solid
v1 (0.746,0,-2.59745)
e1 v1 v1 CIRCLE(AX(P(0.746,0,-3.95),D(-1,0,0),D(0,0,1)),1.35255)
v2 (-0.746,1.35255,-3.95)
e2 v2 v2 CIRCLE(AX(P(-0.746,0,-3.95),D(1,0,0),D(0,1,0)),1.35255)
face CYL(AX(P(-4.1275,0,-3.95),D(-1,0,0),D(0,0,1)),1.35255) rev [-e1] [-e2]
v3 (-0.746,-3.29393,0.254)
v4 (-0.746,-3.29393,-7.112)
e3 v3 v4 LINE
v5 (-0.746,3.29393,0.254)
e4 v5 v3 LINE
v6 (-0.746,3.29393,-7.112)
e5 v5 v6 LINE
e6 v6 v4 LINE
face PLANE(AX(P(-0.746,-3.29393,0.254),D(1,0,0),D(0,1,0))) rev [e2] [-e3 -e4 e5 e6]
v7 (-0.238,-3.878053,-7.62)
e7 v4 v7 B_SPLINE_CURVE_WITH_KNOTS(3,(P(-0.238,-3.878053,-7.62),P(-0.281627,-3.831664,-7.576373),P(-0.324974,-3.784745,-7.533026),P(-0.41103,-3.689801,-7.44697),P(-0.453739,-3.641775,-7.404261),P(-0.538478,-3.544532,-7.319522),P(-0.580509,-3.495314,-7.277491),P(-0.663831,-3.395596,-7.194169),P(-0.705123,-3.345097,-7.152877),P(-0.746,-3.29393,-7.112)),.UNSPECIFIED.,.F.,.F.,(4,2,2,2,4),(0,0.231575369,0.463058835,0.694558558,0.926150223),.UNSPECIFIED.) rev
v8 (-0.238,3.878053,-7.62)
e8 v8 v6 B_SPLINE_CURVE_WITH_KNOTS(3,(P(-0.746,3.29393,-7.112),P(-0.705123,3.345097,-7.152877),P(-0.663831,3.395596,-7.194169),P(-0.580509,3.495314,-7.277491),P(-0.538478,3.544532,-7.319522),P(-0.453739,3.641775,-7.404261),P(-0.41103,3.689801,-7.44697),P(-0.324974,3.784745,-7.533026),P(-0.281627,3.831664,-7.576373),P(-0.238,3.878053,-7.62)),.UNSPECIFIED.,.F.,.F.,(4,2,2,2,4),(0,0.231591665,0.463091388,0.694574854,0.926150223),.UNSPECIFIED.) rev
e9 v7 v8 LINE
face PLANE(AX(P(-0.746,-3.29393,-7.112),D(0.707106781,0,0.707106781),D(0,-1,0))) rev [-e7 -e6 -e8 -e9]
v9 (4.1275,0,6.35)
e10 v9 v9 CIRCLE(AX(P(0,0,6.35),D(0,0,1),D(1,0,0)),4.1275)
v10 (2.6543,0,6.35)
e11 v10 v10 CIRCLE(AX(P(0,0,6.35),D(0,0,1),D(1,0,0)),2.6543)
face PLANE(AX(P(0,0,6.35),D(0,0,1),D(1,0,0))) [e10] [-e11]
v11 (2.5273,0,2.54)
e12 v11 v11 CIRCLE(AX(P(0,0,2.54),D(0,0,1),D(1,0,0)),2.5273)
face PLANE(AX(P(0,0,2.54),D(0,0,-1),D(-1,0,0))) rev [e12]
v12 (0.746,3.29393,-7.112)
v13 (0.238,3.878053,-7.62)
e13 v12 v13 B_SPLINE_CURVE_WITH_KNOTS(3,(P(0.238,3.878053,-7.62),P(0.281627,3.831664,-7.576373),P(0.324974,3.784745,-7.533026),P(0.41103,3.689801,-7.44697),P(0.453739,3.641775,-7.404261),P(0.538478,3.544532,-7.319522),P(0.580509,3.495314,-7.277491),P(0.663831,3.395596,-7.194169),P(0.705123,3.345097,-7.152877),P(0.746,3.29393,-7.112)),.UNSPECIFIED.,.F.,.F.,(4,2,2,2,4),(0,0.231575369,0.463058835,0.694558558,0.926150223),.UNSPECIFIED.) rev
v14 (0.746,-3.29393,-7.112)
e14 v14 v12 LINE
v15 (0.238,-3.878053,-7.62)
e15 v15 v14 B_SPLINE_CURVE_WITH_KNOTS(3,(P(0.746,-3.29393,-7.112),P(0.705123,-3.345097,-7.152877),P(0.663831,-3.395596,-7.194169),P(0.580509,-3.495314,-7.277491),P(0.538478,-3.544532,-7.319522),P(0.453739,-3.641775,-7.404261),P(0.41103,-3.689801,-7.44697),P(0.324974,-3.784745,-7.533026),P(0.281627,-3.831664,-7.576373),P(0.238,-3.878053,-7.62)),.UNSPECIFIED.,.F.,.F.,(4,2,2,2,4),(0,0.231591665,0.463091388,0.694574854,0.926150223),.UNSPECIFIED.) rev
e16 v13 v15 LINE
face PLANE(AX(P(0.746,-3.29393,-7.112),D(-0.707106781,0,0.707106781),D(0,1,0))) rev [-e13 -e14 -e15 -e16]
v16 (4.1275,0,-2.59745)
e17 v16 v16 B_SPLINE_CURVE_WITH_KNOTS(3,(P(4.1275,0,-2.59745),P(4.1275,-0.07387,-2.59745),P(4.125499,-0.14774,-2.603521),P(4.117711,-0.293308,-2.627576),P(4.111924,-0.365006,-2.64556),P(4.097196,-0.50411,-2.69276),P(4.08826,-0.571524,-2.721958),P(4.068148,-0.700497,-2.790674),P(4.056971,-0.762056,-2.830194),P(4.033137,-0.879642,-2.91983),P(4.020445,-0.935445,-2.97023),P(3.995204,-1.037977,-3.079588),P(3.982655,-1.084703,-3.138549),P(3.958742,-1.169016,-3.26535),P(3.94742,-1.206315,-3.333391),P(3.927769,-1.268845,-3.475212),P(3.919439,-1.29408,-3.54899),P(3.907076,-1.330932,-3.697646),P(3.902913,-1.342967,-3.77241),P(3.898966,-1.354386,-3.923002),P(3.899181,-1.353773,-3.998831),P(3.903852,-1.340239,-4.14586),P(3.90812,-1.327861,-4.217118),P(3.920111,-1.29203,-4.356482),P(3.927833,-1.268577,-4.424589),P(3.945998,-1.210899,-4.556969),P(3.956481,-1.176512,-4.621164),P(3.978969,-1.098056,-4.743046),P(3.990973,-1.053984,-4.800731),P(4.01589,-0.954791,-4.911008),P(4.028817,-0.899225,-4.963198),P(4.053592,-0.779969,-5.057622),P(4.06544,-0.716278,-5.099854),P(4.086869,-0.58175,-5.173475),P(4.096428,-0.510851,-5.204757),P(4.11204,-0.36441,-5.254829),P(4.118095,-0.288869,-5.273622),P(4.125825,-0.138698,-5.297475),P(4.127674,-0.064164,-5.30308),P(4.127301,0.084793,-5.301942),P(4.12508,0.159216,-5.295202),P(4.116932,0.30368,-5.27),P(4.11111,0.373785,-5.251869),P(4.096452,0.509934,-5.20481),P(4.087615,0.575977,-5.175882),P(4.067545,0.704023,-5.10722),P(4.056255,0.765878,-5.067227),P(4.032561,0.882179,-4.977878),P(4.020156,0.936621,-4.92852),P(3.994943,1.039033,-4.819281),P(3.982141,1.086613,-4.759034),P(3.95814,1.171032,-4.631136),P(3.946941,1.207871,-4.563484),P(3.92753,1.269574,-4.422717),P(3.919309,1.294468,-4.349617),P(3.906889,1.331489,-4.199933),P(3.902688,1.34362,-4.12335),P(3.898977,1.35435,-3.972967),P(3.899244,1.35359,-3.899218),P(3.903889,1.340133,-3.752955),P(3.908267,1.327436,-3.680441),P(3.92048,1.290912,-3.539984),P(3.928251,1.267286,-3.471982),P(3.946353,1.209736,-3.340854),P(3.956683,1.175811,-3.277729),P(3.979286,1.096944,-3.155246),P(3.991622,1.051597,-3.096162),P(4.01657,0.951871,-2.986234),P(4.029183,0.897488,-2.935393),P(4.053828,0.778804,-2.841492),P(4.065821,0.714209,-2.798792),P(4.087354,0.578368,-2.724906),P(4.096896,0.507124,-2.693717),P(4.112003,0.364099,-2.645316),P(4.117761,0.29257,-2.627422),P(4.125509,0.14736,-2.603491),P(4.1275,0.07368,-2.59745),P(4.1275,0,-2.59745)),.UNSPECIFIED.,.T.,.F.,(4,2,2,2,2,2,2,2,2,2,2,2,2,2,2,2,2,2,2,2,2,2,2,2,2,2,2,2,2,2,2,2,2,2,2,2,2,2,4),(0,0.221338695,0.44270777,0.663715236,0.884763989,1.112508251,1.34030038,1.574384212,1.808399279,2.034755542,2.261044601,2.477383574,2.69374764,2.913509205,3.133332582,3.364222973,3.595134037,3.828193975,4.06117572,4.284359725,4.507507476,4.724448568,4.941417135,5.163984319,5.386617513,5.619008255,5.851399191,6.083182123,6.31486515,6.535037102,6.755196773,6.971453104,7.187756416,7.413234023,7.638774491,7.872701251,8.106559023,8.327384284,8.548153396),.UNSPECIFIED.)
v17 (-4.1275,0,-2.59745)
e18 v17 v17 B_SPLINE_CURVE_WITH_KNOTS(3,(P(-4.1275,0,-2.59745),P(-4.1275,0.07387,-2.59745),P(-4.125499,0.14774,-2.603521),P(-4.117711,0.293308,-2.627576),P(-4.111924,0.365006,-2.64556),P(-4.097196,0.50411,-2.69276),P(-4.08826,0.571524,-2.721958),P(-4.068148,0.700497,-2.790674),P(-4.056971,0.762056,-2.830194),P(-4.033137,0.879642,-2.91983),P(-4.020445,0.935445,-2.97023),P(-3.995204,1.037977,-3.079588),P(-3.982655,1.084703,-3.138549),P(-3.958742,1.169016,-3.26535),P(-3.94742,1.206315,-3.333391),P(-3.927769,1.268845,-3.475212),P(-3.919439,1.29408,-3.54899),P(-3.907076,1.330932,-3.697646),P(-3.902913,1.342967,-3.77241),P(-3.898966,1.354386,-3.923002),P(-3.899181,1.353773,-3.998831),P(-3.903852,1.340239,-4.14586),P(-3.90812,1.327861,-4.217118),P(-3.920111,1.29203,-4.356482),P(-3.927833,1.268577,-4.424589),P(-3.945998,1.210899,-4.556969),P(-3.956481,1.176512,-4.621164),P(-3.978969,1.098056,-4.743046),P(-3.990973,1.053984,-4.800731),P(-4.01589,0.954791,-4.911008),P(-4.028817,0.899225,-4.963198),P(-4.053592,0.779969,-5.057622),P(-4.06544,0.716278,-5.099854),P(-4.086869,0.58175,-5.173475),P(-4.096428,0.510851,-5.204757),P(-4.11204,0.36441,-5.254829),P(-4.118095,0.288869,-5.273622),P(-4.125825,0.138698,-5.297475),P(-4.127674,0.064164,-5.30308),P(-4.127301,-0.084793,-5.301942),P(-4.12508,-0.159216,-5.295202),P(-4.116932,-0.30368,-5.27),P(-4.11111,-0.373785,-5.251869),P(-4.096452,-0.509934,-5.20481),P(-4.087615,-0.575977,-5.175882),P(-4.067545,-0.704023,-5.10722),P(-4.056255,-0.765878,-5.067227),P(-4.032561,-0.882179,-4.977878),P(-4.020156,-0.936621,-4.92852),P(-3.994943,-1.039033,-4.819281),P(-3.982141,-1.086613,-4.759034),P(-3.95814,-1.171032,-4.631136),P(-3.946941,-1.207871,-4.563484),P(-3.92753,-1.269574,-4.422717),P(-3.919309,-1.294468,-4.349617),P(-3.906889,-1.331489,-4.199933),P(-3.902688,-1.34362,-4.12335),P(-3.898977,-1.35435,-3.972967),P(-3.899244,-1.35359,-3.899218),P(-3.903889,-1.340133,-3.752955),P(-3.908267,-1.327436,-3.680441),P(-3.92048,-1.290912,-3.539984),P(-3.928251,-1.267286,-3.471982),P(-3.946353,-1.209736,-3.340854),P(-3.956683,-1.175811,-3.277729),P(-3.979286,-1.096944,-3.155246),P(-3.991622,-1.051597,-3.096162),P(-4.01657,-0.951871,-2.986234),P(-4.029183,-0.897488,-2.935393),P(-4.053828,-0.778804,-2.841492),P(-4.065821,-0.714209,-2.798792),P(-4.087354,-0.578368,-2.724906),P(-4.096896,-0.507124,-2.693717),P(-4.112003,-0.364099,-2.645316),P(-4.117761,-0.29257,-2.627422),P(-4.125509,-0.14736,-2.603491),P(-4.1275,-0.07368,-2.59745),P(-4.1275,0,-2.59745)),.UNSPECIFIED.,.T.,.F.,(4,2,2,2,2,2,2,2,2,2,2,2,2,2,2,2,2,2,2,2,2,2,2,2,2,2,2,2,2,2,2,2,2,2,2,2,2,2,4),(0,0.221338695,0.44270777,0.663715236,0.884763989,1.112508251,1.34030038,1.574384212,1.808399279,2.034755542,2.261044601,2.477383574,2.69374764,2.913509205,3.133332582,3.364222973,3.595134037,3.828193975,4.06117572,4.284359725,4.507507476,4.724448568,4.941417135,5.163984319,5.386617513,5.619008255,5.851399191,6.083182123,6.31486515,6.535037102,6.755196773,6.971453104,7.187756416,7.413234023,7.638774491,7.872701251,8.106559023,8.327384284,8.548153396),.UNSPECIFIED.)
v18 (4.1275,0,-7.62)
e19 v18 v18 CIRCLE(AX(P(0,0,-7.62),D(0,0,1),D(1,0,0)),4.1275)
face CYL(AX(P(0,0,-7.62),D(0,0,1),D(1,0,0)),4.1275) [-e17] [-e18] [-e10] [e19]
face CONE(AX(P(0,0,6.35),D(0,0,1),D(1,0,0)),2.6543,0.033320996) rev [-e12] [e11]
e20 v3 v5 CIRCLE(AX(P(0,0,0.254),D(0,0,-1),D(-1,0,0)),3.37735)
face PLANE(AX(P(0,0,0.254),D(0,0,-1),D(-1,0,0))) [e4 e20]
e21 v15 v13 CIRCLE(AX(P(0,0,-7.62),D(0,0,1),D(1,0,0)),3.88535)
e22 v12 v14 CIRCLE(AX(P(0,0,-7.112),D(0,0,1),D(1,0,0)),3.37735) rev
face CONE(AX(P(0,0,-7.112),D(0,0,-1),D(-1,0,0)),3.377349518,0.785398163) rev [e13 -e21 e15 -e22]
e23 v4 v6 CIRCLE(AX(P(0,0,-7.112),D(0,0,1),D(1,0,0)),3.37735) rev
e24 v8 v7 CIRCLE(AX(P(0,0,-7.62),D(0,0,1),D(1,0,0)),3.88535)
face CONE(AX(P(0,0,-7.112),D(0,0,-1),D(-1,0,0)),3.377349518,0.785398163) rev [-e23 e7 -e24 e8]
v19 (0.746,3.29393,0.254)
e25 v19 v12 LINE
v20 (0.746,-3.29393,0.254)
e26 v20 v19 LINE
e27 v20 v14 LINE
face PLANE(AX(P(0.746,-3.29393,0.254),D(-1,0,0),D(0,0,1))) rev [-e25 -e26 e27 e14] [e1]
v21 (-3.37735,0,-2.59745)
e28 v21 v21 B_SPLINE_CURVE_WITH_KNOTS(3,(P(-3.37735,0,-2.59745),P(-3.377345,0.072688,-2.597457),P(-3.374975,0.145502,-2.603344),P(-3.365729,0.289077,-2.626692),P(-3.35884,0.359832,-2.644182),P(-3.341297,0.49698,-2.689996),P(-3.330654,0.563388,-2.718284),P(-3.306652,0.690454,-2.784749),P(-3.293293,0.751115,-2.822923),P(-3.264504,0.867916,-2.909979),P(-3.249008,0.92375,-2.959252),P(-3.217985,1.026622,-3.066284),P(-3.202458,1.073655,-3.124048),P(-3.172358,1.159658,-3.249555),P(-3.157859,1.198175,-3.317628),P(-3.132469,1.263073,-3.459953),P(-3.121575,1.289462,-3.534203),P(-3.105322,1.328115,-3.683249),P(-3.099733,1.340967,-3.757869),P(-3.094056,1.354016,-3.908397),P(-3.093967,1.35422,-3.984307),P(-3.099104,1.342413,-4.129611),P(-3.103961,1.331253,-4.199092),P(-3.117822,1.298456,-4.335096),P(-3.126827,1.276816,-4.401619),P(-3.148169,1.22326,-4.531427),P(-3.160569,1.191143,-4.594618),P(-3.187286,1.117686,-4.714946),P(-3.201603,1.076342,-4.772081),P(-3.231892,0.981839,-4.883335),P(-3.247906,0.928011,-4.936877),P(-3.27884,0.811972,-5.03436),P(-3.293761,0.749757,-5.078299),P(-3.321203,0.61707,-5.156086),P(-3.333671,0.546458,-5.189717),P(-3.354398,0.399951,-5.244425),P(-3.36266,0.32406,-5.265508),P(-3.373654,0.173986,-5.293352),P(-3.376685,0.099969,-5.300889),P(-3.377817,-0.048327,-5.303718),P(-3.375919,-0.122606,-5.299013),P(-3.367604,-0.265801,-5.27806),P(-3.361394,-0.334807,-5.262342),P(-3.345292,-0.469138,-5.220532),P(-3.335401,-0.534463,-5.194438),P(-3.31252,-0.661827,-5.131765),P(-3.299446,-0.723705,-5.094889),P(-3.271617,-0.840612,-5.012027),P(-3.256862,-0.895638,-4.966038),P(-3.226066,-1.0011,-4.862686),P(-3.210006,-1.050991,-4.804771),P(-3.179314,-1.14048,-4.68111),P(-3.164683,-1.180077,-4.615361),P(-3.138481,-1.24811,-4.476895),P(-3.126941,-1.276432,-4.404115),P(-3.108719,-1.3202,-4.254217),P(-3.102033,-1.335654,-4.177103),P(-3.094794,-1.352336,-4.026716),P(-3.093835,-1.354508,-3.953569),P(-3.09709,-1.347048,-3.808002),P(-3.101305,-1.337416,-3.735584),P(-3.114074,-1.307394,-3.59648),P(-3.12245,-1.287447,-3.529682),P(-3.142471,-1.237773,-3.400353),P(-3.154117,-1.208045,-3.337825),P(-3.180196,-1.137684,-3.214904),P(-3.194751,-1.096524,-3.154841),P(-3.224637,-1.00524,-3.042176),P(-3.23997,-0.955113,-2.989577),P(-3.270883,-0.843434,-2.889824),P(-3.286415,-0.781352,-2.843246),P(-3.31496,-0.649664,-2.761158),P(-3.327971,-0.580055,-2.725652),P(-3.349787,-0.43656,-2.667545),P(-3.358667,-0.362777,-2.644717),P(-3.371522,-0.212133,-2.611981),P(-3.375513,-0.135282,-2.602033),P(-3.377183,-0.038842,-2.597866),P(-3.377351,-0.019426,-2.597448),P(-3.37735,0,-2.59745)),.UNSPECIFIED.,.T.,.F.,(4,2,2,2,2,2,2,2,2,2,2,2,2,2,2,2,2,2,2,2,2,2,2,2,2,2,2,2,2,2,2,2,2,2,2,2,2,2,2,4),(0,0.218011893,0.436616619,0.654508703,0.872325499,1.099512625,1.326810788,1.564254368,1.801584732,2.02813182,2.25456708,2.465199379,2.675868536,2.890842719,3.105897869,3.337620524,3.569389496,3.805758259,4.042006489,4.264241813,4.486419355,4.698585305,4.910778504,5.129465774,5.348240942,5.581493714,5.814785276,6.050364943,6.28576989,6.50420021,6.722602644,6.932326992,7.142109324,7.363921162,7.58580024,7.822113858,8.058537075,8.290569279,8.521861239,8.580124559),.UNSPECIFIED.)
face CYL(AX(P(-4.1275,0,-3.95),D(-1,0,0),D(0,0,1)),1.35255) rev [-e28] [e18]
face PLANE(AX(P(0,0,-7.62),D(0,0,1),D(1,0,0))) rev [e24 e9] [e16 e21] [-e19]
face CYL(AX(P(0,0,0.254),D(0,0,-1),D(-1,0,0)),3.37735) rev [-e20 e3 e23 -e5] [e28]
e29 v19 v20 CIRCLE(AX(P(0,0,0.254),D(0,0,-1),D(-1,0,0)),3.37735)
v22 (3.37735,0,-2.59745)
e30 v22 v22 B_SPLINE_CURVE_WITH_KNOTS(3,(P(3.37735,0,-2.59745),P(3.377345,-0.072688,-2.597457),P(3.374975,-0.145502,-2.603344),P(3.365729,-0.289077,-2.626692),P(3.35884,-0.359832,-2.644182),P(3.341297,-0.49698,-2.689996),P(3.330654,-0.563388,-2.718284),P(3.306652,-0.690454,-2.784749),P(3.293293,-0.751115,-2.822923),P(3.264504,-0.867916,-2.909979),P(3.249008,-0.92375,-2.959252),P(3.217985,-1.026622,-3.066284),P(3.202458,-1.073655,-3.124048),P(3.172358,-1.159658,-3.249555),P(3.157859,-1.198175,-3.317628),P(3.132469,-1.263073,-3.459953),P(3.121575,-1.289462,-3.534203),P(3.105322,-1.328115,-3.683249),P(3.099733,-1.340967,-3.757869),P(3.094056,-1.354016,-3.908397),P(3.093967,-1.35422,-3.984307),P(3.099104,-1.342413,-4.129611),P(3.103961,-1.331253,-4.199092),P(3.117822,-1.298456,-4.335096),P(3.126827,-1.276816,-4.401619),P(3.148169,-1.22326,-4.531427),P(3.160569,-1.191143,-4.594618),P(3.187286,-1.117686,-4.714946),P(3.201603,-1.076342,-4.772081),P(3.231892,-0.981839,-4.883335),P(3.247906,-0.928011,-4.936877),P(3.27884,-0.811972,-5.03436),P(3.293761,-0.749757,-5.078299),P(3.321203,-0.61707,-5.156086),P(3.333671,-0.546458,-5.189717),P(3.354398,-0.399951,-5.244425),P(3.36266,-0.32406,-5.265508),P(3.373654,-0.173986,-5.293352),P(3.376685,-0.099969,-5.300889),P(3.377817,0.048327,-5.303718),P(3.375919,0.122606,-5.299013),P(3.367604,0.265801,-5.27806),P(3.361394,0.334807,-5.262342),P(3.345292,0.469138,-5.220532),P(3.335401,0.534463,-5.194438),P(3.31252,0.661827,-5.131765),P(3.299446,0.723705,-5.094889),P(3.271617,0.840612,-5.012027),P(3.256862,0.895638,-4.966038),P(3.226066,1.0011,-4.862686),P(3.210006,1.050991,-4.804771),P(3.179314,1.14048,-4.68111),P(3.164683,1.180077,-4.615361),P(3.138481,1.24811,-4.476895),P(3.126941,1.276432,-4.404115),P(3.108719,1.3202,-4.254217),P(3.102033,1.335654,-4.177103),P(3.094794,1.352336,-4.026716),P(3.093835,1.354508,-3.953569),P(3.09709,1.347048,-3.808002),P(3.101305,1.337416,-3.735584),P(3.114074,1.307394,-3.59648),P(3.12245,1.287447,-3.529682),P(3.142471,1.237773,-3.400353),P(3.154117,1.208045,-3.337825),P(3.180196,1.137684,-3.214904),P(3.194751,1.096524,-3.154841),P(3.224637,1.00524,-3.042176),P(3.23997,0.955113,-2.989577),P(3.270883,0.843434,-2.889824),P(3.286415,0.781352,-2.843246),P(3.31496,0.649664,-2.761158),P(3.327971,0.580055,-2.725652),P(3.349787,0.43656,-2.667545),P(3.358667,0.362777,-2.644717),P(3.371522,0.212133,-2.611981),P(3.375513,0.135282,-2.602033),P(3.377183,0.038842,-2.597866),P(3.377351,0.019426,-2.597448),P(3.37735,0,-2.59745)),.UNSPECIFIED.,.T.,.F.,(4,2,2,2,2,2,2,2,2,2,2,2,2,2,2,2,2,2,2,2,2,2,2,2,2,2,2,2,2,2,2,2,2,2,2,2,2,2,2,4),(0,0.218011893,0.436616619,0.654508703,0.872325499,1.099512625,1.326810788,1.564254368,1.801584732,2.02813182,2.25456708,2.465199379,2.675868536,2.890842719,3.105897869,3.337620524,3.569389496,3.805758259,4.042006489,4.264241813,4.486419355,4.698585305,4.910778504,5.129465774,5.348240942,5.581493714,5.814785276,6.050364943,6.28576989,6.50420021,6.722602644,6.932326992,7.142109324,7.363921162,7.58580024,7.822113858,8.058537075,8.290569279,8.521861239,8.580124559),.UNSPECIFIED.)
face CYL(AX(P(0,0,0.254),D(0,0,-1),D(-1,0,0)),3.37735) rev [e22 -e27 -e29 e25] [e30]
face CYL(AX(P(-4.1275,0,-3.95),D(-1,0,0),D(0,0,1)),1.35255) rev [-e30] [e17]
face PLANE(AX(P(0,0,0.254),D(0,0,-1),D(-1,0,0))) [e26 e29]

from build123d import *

# Parameters (mm, degrees)
SKETCH1_R                = 4.1275
BOSS_EXTRUDE1_DEPTH      = 6.35
BOSS_EXTRUDE1_DEPTH_BACK = 7.62
CUT_EXTRUDE1_DEPTH       = 7.874
F_2_CLEARANCE_HOLE1_D    = 2.7051
CHAMFER1_SIZE            = 0.508


with BuildPart() as part:
    # Sketch1 → Boss-Extrude1 (new body, two sides)
    with BuildSketch(Plane.XY) as boss_extrude1_sk:
        Circle(SKETCH1_R)
    extrude(amount=BOSS_EXTRUDE1_DEPTH)
    extrude(boss_extrude1_sk.sketch, amount=-BOSS_EXTRUDE1_DEPTH_BACK)

    # Sketch2 → Cut-Extrude1 (cut)
    with BuildSketch(Plane(origin=(0, 0, -7.62), x_dir=(-1, 0, 0), z_dir=(0, 0, -1))):
        with BuildLine():
            Line((-0.746, -3.293929837), (-0.746, 3.293929837))
            ThreePointArc((-0.746, 3.293929837), (-3.377349518, 0), (-0.746, -3.293929837))
        make_face()
        with BuildLine():
            Line((0.746, -3.293929837), (0.746, 3.293929837))
            ThreePointArc((0.746, 3.293929837), (3.377349518, 0), (0.746, -3.293929837))
        make_face()
    extrude(amount=-CUT_EXTRUDE1_DEPTH, mode=Mode.SUBTRACT)

    # #2 Clearance Hole1 (through all)
    with Locations(Plane.ZY.offset(4.1275)):
        with Locations((-3.95, 0)):
            Hole(F_2_CLEARANCE_HOLE1_D / 2)

    # Sketch5 → Hole1 (revolve, cut)
    with BuildSketch(Plane(origin=(0, 0, 6.35), x_dir=(0, -1, 0), z_dir=(1, 0, 0))):
        Polygon((0, 0), (0, 3.81), (2.5273, 3.81), (2.6543, 0), align=None)
    revolve(axis=Axis((0, 0, -103.65), (0, 0, 1)), mode=Mode.SUBTRACT)

    # Chamfer1
    chamfer1_edges = [part.edges().sort_by_distance(p)[0] for p in [
        (3.377349518, 0, -7.62),
        (0.746, 0, -7.62),
        (-3.377349518, 0, -7.62),
        (-0.746, 0, -7.62),
    ]]
    chamfer(chamfer1_edges, length=CHAMFER1_SIZE)


solid = part.part
